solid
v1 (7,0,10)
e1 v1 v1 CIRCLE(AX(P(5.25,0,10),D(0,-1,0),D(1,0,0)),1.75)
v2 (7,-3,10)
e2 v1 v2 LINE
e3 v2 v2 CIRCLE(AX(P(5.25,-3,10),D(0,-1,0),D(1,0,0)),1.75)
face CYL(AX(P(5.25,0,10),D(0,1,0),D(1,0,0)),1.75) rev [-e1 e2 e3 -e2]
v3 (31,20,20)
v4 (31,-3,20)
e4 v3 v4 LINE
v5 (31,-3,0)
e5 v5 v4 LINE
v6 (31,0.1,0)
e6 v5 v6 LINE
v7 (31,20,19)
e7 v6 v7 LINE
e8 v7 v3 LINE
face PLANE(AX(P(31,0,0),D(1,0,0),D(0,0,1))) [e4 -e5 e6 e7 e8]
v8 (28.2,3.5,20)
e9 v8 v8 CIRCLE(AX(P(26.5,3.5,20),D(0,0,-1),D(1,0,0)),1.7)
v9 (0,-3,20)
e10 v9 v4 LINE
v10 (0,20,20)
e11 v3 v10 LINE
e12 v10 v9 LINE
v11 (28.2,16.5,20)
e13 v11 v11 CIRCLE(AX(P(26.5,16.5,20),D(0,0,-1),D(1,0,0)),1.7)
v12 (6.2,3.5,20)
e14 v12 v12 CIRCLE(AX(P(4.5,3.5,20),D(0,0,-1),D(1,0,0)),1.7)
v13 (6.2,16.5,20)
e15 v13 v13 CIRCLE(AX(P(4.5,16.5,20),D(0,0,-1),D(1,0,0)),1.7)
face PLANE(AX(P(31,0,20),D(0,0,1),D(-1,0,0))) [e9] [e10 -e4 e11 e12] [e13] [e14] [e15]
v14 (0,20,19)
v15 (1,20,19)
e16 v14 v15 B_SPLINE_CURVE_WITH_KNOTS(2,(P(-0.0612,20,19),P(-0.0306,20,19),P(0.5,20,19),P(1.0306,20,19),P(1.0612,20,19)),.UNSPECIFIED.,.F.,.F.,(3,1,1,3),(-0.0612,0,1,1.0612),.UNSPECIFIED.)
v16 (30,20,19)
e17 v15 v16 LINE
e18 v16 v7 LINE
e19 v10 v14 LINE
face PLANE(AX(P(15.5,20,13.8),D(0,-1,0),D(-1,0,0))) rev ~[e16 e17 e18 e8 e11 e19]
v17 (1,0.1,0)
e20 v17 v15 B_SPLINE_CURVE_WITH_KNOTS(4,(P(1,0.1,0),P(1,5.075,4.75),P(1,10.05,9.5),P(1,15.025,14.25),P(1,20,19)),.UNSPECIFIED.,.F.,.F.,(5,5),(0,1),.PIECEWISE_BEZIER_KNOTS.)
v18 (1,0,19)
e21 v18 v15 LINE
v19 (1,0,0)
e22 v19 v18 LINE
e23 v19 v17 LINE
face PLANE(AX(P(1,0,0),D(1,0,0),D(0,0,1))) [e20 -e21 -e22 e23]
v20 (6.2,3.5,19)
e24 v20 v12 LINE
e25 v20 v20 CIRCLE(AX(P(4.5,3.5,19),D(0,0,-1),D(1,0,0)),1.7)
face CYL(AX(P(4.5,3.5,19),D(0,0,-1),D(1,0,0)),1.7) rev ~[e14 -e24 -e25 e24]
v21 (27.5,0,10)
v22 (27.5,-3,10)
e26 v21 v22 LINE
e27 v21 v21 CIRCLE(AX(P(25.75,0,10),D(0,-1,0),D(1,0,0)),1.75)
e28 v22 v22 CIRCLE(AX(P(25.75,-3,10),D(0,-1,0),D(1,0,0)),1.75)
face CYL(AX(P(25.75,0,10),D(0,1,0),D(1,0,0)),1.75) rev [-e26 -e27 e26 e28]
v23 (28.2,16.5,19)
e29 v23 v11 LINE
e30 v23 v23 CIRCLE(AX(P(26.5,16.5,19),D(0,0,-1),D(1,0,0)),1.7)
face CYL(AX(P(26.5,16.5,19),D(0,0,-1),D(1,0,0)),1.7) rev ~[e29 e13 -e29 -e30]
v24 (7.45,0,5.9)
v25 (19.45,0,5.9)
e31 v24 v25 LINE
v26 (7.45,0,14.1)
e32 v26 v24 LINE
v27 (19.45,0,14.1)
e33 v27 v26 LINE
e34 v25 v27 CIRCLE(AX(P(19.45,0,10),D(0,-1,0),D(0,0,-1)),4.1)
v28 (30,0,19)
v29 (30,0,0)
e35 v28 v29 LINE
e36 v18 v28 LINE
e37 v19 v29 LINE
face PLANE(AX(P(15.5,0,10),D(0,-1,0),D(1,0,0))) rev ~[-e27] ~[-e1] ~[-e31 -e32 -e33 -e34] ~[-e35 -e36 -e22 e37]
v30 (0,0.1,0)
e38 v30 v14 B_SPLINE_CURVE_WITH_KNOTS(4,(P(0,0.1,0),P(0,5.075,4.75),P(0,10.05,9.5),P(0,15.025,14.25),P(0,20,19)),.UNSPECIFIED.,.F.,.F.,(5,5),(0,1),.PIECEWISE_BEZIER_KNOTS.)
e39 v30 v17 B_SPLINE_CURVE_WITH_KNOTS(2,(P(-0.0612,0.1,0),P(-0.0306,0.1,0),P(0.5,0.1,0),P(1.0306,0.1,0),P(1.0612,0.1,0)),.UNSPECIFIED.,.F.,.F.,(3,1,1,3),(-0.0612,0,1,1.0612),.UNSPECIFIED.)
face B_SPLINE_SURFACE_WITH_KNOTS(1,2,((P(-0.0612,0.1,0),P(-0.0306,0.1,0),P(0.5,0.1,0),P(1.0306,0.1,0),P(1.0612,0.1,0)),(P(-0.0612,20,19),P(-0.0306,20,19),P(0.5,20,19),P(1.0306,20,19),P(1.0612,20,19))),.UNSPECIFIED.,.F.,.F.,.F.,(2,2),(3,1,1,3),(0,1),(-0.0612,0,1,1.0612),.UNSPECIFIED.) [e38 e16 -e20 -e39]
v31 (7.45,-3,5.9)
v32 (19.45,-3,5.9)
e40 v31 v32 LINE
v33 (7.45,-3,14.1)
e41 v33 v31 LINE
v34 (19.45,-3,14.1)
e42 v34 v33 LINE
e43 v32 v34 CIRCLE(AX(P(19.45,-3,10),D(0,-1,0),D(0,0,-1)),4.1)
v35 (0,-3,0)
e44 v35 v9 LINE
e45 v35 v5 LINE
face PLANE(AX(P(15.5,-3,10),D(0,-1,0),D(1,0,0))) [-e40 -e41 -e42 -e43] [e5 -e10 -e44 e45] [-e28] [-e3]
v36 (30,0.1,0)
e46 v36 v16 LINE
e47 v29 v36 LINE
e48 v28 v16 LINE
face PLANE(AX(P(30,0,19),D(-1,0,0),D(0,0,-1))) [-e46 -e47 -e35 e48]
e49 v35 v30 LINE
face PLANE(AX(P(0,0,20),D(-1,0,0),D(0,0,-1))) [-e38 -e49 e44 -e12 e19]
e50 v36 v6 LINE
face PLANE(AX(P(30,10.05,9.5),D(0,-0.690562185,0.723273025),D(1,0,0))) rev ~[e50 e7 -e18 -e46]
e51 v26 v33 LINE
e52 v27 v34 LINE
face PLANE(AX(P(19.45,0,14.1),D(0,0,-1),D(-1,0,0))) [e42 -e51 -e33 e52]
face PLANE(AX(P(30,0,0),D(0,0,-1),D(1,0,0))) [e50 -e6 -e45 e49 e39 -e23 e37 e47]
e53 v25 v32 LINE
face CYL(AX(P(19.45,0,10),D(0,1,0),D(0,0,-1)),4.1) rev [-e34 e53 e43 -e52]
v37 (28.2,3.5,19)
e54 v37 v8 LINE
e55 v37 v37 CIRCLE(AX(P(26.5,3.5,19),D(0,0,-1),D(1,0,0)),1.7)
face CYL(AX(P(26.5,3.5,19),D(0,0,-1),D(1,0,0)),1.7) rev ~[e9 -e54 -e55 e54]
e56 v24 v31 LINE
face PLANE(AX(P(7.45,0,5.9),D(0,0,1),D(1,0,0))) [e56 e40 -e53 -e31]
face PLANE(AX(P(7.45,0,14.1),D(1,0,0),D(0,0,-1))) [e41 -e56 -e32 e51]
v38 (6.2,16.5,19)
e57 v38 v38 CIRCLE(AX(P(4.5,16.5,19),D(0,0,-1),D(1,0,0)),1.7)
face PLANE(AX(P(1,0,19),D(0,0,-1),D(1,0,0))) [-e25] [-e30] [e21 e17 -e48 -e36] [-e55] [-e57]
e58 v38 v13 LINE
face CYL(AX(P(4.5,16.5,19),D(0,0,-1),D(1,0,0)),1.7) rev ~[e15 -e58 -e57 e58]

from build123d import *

# Parameters (mm, degrees)
SKETCH_W        = 31
SKETCH_H        = 20
SKETCH_R        = 1.75
PAD_DEPTH       = 3
PAD001_DEPTH    = 20
SKETCH002_R     = 1.7
HOLE_DEPTH      = 25
CHAMFER_1_SIZE2 = 19
CHAMFER_1_SIZE  = 19.9
CHAMFER_2_SIZE2 = 19
CHAMFER_2_SIZE  = 19.9


with BuildPart() as part:
    # Sketch → Pad (new body)
    with BuildSketch(Plane.XZ):
        with Locations((15.5, 10)):
            Rectangle(SKETCH_W, SKETCH_H)
        with Locations((25.75, 10)):
            Circle(SKETCH_R, mode=Mode.SUBTRACT)
        with Locations((5.25, 10)):
            Circle(SKETCH_R, mode=Mode.SUBTRACT)
        with BuildLine():
            ThreePointArc((19.45, 5.9), (23.55, 10), (19.45, 14.1))
            Line((19.45, 14.1), (7.45, 14.1))
            Line((7.45, 14.1), (7.45, 5.9))
            Line((7.45, 5.9), (19.45, 5.9))
        make_face(mode=Mode.SUBTRACT)
    extrude(amount=PAD_DEPTH)

    # Sketch001 (on Face11 of Pad) → Pad001 (join)
    with BuildSketch(Plane(origin=(0, 0, 0), x_dir=(1, 0, 0), z_dir=(0, 1, 0))):
        Polygon((31, 0), (31, -20), (0, -20), (0, 0), (1, 0), (1, -19), (30, -19), (30, 0), align=None)
    extrude(amount=PAD001_DEPTH)

    # Sketch002 (on Face13 of Pad001) → Hole (cut)
    with BuildSketch(Plane(origin=(0, 0, 19), x_dir=(1, 0, 0), z_dir=(0, 0, -1))):
        with Locations((4.5, -3.5)):
            Circle(SKETCH002_R)
        with Locations((26.5, -3.5)):
            Circle(SKETCH002_R)
        with Locations((26.5, -16.5)):
            Circle(SKETCH002_R)
        with Locations((4.5, -16.5)):
            Circle(SKETCH002_R)
    extrude(amount=-HOLE_DEPTH, mode=Mode.SUBTRACT)

    # Chamfer 1
    chamfer_1_edges = [part.edges().sort_by_distance(p)[0] for p in [
        (30.5, 20, 0),
    ]]
    chamfer_1_side = part.faces().sort_by_distance((30.5, 10, 0))[0]
    chamfer(chamfer_1_edges, length=CHAMFER_1_SIZE, length2=CHAMFER_1_SIZE2, reference=chamfer_1_side)

    # Chamfer 2
    chamfer_2_edges = [part.edges().sort_by_distance(p)[0] for p in [
        (0.5, 20, 0),
    ]]
    chamfer_2_side = part.faces().sort_by_distance((0.5, 10, 0))[0]
    chamfer(chamfer_2_edges, length=CHAMFER_2_SIZE, length2=CHAMFER_2_SIZE2, reference=chamfer_2_side)


solid = part.part
